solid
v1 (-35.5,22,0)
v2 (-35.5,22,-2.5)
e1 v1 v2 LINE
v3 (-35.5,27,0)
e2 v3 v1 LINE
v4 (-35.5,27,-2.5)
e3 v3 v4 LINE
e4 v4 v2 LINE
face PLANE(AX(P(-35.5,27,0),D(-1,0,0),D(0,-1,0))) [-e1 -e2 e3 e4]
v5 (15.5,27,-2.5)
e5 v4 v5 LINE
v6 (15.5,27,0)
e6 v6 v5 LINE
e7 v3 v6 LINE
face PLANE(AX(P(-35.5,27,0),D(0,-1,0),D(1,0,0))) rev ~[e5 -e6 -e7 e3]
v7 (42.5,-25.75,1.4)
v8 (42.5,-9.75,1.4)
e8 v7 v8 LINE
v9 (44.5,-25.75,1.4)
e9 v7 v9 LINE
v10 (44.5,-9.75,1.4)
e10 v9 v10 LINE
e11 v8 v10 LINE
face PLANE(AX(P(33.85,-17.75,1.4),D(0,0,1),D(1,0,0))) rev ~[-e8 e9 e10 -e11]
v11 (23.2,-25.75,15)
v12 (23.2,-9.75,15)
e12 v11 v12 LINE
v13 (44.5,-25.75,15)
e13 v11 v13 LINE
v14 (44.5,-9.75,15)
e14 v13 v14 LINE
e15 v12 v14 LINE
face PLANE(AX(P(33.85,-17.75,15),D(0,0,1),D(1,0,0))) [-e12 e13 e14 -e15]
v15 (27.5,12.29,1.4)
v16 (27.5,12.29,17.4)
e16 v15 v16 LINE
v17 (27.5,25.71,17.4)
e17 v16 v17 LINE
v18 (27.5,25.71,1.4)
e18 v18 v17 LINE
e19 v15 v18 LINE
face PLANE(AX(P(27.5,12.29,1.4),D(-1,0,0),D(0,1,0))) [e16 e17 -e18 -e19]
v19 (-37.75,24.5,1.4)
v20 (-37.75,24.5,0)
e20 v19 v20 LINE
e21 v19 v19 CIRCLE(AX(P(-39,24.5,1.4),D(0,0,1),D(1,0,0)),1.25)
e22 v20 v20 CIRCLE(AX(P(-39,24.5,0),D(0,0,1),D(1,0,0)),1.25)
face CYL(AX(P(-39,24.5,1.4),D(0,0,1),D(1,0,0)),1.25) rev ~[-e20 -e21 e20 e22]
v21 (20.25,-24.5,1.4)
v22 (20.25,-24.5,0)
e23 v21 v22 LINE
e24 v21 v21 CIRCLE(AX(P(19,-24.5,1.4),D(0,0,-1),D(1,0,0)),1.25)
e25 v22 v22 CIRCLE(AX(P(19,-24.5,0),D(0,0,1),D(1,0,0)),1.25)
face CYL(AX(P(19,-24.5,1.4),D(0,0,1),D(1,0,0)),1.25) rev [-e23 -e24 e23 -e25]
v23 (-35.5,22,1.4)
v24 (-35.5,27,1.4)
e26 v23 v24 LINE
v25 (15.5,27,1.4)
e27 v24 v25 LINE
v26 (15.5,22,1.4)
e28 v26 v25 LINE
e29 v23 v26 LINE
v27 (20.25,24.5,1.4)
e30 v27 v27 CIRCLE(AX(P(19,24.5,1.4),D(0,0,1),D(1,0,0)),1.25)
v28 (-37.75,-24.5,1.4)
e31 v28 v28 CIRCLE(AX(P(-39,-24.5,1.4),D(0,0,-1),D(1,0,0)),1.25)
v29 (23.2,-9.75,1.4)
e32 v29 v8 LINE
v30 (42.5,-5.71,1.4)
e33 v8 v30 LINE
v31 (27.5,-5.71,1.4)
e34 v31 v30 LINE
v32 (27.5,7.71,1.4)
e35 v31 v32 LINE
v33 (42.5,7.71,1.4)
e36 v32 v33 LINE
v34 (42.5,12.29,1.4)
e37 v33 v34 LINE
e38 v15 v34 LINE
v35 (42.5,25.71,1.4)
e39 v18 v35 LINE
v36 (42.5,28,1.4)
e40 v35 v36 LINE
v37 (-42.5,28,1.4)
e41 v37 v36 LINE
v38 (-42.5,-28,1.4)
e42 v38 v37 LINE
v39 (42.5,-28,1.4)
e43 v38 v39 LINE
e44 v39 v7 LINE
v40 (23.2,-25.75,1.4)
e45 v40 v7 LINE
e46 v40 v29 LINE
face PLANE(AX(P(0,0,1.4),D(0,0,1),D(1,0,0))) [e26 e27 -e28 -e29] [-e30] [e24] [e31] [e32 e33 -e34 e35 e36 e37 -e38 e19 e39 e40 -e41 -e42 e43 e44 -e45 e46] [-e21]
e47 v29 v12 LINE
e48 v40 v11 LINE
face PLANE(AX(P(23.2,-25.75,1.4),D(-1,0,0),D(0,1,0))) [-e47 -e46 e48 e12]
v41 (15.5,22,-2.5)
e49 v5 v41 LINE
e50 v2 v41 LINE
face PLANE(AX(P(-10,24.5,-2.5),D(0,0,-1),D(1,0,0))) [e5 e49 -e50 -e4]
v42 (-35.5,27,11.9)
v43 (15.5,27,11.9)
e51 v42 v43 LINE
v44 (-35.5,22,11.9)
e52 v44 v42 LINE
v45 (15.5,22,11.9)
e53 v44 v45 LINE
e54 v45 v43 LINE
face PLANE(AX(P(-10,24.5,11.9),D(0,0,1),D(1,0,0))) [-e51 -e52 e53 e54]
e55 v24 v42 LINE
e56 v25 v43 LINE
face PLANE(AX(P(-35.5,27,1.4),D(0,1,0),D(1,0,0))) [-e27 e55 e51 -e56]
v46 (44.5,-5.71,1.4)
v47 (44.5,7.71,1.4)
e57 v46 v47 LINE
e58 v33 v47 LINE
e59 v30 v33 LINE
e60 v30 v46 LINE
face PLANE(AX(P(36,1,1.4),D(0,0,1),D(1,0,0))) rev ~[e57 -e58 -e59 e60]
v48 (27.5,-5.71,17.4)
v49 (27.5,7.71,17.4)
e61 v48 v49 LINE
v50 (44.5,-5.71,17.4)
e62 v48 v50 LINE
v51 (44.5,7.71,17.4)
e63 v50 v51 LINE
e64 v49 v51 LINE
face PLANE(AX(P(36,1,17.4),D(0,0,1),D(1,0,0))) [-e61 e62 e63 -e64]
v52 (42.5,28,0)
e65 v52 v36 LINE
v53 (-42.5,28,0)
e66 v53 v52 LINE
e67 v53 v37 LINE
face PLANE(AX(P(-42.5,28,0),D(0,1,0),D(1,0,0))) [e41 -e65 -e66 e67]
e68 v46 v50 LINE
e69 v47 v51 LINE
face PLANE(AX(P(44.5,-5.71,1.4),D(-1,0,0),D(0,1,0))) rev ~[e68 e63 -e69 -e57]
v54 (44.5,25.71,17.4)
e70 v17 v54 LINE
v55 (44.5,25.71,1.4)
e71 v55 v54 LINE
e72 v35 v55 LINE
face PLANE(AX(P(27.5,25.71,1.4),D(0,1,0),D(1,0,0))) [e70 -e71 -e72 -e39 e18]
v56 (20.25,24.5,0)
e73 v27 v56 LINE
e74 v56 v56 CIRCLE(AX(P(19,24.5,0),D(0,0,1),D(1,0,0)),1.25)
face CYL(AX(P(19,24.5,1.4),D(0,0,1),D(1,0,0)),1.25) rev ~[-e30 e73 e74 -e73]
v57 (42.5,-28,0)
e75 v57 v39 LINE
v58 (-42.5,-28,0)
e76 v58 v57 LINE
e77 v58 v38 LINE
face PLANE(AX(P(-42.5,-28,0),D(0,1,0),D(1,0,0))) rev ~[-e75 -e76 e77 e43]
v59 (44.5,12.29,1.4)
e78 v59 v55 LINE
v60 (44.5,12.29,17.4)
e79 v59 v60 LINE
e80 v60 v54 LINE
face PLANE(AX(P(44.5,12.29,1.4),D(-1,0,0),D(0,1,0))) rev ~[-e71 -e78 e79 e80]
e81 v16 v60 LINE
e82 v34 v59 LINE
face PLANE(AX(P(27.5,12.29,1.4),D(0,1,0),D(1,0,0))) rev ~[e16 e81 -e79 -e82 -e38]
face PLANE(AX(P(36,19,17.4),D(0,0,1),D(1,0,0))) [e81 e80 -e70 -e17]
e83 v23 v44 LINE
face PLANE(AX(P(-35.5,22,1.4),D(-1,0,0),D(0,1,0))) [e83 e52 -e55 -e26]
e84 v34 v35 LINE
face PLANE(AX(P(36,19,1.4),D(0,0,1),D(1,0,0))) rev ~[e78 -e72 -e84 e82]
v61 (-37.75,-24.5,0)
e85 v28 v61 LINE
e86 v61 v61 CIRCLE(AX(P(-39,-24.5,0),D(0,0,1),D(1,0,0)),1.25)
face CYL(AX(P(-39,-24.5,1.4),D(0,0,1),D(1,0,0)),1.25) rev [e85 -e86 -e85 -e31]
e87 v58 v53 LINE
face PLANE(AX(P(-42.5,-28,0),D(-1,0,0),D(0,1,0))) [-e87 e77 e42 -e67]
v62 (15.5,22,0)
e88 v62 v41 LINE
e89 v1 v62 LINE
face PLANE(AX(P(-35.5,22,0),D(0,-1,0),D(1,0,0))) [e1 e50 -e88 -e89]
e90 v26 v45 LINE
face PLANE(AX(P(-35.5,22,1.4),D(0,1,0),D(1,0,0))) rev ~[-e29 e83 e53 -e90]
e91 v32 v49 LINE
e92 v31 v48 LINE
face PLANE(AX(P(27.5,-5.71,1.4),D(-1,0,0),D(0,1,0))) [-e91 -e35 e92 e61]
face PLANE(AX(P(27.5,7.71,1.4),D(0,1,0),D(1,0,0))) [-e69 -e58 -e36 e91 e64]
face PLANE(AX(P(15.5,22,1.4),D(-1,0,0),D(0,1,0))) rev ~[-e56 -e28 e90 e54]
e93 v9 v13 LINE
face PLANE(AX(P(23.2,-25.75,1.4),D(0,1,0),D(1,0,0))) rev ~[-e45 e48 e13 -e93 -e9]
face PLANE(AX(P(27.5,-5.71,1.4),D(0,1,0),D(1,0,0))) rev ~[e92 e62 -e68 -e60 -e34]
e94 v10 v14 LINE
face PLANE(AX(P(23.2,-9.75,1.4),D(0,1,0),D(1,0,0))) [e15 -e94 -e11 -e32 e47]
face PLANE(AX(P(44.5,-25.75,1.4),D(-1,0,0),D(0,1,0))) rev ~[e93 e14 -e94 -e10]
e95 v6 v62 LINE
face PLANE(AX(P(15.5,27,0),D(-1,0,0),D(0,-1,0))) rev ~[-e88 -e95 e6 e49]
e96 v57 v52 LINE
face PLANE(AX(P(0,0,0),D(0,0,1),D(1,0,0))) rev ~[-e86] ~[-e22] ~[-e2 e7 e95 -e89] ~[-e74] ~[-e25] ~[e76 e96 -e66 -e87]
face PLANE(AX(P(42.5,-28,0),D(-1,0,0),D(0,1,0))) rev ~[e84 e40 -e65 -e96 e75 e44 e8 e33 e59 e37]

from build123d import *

# Parameters (mm, degrees)
SKETCH_W     = 85
SKETCH_H     = 56
PAD_DEPTH    = 1.4
SKETCH001_R  = 1.25
POCKET_DEPTH = 204.998249
SKETCH002_W  = 17
SKETCH002_H  = 13.42
PAD001_DEPTH = 16
SKETCH003_W  = 21.3
SKETCH003_H  = 16
PAD002_DEPTH = 13.6
SKETCH004_W  = 51
SKETCH004_H  = 5
PAD003_DEPTH = 10.5
SKETCH005_W  = 51
SKETCH005_H  = 5
PAD004_DEPTH = 2.5


with BuildPart() as part:
    # Sketch → Pad (new body)
    with BuildSketch(Plane.XY):
        Rectangle(SKETCH_W, SKETCH_H)
    extrude(amount=PAD_DEPTH)

    # Sketch001 → Pocket (cut, through all)
    with BuildSketch(Plane.XY.offset(1.4)):
        with Locations((-39, 24.5)):
            Circle(SKETCH001_R)
        with Locations((19, 24.5)):
            Circle(SKETCH001_R)
    pocket = extrude(amount=-POCKET_DEPTH, mode=Mode.SUBTRACT)

    # Mirrored: Pocket across Sketch001 H_Axis
    add(pocket.mirror(Plane(origin=(0, 0, 1.4), x_dir=(0, 0, 1), z_dir=(0, 1, 0))), mode=Mode.SUBTRACT)

    # Sketch002 → Pad001 (new body)
    with BuildSketch(Plane.XY.offset(1.4)):
        with Locations((36, 19)):
            Rectangle(SKETCH002_W, SKETCH002_H)
        with Locations((36, 1)):
            Rectangle(SKETCH002_W, SKETCH002_H)
    extrude(amount=PAD001_DEPTH)

    # Sketch003 → Pad002 (new body)
    with BuildSketch(Plane.XY.offset(1.4)):
        with Locations((33.85, -17.75)):
            Rectangle(SKETCH003_W, SKETCH003_H)
    extrude(amount=PAD002_DEPTH)

    # Sketch004 → Pad003 (new body)
    with BuildSketch(Plane.XY.offset(1.4)):
        with Locations((-10, 24.5)):
            Rectangle(SKETCH004_W, SKETCH004_H)
    extrude(amount=PAD003_DEPTH)

    # Sketch005 → Pad004 (new body)
    with BuildSketch(Plane(origin=(0, 0, 0), x_dir=(1, 0, 0), z_dir=(0, 0, -1))):
        with Locations((-10, -24.5)):
            Rectangle(SKETCH005_W, SKETCH005_H)
    extrude(amount=PAD004_DEPTH)


solid = part.part
